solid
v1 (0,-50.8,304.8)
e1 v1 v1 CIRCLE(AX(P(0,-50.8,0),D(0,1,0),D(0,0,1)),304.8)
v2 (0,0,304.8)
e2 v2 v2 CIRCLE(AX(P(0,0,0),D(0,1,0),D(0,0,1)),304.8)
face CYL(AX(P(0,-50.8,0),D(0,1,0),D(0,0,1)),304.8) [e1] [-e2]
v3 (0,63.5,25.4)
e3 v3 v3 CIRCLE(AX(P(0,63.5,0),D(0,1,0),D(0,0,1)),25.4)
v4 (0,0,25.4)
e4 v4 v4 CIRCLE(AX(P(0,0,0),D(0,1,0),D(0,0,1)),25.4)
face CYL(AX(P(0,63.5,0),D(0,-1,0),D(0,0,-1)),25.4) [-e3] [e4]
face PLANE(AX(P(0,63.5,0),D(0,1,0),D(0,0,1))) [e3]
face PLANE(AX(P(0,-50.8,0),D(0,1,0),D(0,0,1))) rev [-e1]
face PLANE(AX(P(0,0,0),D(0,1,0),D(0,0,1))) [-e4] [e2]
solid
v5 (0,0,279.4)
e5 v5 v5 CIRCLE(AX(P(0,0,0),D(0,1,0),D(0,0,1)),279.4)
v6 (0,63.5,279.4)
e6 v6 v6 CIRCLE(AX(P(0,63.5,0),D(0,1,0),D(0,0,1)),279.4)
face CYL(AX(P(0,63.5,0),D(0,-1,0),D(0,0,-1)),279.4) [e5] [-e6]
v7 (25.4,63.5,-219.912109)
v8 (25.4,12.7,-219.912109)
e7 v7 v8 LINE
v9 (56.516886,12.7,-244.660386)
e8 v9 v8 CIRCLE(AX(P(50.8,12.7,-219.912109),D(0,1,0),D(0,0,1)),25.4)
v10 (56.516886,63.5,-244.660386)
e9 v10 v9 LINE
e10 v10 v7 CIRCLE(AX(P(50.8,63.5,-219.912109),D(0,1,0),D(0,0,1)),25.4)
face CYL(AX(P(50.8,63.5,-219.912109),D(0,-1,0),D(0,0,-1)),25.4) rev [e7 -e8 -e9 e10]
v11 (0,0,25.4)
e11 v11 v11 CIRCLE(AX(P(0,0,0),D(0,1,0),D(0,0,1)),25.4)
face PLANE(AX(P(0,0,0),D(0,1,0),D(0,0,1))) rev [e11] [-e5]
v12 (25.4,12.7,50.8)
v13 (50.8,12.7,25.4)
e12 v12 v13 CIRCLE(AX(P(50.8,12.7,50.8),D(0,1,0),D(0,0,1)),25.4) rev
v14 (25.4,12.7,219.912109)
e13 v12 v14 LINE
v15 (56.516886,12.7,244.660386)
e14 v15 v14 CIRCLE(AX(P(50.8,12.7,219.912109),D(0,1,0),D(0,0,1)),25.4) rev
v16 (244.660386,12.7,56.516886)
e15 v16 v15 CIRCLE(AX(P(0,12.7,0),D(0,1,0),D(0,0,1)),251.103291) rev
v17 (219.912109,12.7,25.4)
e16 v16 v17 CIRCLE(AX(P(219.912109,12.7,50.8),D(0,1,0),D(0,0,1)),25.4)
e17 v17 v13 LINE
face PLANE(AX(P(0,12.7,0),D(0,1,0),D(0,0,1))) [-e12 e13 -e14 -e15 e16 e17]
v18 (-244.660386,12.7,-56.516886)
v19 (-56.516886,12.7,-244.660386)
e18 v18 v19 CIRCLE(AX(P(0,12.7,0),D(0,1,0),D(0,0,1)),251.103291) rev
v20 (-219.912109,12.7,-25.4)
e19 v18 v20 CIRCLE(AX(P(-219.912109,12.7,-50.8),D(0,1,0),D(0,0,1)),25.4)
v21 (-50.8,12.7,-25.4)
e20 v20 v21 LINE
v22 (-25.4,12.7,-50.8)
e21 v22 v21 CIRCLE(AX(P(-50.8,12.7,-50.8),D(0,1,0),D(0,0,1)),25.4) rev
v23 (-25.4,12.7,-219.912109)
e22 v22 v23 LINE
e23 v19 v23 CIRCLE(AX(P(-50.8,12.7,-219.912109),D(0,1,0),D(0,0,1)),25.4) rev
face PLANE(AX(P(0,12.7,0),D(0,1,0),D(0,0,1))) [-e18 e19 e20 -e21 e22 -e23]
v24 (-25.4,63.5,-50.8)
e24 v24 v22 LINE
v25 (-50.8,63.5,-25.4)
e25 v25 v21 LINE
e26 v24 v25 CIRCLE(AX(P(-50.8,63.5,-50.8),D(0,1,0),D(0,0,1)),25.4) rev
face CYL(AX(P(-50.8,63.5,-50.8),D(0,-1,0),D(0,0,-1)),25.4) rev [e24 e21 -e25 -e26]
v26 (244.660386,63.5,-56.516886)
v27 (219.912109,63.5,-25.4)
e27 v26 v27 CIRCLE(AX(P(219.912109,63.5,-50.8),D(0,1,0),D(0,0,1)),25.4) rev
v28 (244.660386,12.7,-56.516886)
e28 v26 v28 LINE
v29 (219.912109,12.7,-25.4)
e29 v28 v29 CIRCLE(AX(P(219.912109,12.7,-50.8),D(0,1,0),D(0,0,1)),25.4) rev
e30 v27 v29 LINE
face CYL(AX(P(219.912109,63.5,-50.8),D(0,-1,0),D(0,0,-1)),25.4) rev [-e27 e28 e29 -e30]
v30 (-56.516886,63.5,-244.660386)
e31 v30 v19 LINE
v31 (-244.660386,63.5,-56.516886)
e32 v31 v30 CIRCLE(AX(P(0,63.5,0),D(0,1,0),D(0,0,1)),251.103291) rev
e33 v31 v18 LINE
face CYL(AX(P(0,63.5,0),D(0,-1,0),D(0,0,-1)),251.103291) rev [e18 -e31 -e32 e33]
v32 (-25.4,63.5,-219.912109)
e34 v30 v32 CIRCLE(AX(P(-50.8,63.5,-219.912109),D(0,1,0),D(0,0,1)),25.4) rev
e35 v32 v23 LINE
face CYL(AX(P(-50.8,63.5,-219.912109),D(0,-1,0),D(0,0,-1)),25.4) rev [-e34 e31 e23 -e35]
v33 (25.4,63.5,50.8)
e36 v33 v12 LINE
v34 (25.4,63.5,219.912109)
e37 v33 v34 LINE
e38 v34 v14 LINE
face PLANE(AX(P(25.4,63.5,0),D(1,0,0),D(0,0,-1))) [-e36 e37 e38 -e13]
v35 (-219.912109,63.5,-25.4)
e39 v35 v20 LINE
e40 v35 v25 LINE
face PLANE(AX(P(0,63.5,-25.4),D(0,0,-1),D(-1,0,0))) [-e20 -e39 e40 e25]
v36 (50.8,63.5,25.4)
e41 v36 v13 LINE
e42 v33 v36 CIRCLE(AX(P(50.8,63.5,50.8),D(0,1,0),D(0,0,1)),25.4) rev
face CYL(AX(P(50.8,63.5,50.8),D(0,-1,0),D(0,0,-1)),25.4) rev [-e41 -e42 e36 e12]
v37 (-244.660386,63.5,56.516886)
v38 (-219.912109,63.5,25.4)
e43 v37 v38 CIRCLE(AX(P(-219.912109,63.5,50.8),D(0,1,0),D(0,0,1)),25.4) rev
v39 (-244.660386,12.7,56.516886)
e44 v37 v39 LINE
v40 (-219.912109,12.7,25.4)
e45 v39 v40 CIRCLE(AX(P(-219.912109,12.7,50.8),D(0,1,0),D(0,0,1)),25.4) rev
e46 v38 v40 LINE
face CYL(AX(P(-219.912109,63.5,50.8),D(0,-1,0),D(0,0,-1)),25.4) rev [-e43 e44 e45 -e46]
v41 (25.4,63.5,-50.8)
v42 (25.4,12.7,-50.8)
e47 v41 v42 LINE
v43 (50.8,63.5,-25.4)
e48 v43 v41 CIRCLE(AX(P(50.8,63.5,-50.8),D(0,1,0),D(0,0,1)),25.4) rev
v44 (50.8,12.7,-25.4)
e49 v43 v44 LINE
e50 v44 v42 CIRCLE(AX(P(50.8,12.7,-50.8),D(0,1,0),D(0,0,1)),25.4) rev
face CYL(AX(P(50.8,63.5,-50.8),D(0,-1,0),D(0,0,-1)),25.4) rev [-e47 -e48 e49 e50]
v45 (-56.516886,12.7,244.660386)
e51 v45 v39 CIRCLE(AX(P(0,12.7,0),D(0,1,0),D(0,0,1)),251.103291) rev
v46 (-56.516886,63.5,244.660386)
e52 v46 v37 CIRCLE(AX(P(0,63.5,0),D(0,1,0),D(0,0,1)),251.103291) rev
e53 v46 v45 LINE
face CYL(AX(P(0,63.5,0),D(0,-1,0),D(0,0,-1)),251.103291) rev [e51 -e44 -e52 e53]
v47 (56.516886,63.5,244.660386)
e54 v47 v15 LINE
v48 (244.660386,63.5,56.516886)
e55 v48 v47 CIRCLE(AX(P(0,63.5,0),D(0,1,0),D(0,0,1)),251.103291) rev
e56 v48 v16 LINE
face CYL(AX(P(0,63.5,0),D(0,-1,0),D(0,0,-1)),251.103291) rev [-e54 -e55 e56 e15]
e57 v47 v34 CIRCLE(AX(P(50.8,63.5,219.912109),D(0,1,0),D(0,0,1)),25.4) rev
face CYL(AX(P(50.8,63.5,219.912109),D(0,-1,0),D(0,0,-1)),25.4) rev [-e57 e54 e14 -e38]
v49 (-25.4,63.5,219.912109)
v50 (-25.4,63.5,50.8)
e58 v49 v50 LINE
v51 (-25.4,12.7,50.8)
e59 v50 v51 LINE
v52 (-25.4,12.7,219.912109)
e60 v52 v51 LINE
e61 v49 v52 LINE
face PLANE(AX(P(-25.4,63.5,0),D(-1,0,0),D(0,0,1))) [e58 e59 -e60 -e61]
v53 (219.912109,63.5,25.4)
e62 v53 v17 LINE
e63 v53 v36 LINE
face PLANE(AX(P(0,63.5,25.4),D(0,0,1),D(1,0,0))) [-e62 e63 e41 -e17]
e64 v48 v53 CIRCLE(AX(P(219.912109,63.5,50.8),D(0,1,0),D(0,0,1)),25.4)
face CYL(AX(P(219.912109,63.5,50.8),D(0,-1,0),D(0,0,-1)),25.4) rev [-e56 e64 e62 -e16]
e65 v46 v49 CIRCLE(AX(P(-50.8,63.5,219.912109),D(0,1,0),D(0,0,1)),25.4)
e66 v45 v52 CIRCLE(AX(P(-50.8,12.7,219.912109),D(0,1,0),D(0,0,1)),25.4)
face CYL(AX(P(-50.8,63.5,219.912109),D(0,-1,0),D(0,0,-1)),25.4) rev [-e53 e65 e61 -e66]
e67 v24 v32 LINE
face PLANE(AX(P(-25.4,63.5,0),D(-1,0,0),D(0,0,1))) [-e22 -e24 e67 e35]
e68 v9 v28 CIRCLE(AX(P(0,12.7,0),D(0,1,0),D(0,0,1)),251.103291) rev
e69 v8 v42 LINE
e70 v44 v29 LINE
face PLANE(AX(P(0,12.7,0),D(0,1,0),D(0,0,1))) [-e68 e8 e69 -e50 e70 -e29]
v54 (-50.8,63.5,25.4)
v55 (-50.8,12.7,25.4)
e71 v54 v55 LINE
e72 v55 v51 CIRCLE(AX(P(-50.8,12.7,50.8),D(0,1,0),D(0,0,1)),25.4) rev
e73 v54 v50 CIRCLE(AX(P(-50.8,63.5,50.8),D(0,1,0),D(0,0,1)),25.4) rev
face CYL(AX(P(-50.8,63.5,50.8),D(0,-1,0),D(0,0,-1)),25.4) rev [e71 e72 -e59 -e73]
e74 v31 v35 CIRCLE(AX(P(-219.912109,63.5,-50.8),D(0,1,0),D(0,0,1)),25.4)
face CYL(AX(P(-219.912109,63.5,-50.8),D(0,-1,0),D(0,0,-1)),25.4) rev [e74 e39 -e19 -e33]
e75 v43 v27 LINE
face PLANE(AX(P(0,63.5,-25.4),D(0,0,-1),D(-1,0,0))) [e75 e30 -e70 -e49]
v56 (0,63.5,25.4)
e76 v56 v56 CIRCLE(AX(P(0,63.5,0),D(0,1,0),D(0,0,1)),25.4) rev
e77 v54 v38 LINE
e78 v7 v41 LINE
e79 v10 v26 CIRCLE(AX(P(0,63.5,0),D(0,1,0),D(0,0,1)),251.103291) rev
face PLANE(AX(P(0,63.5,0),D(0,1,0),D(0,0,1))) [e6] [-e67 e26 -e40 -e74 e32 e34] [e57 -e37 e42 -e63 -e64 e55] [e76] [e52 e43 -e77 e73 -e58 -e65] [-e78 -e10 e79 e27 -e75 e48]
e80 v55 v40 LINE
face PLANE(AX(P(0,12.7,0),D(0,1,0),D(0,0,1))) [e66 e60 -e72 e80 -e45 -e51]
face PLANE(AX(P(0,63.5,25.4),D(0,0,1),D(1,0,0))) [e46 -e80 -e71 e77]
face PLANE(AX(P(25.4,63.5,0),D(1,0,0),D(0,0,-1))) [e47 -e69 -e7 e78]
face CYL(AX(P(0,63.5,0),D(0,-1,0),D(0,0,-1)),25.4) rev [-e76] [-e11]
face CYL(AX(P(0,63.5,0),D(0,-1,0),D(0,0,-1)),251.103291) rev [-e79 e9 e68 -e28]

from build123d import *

# Parameters (mm, degrees)
SKETCH1_R           = 304.8
BOSS_EXTRUDE1_DEPTH = 50.8
SKETCH1_6_R         = 25.4
BOSS_EXTRUDE6_DEPTH = 63.5
SKETCH1_5_R         = 25.4
BOSS_EXTRUDE4_DEPTH = 50.8
SKETCH5_R           = 279.4
SKETCH5_R_2         = 25.4
BOSS_EXTRUDE5_DEPTH = 12.7
SKETCH6_R           = 279.4
SKETCH6_R_2         = 25.4
BOSS_EXTRUDE7_DEPTH = 50.8


with BuildPart() as part:
    # Sketch1 → Boss-Extrude1 (new body)
    with BuildSketch(Plane(origin=(0, 0, 0), x_dir=(1, 0, 0), z_dir=(0, 1, 0))):
        Circle(SKETCH1_R)
    extrude(amount=-BOSS_EXTRUDE1_DEPTH)

    # Sketch1<6> → Boss-Extrude6 (add)
    with BuildSketch(Plane(origin=(0, 0, 0), x_dir=(1, 0, 0), z_dir=(0, 1, 0))):
        Circle(SKETCH1_6_R)
    extrude(amount=BOSS_EXTRUDE6_DEPTH)

    # Sketch1<5> → Boss-Extrude4 (add)
    with BuildSketch(Plane(origin=(0, 0, 0), x_dir=(1, 0, 0), z_dir=(0, 1, 0))):
        Circle(SKETCH1_5_R)
    extrude(amount=BOSS_EXTRUDE4_DEPTH)


with BuildPart() as body_2:
    # Sketch5 → Boss-Extrude5 (new body)
    with BuildSketch(Plane(origin=(0, 0, 0), x_dir=(1, 0, 0), z_dir=(0, 1, 0))):
        Circle(SKETCH5_R)
        Circle(SKETCH5_R_2, mode=Mode.SUBTRACT)
    extrude(amount=BOSS_EXTRUDE5_DEPTH)


with BuildPart() as body_3:
    # Sketch6 → Boss-Extrude7 (new body)
    with BuildSketch(Plane(origin=(0, 12.7, 0), x_dir=(1, 0, 0), z_dir=(0, 1, 0))):
        Circle(SKETCH6_R)
        with BuildLine():
            Line((-25.4, -50.8), (-25.4, -219.912108973))
            ThreePointArc((-25.4, -219.912108973), (-34.98938499, -239.791355765), (-56.516886063, -244.660385959))
            ThreePointArc((-56.516886063, -244.660385959), (-177.556840009, -177.556840009), (-244.660385959, -56.516886063))
            ThreePointArc((-244.660385959, -56.516886063), (-239.791355765, -34.98938499), (-219.912108973, -25.4))
            Line((-219.912108973, -25.4), (-50.8, -25.4))
            ThreePointArc((-50.8, -25.4), (-32.839487758, -32.839487758), (-25.4, -50.8))
        make_face(mode=Mode.SUBTRACT)
        with BuildLine():
            Line((50.8, -25.4), (219.912108973, -25.4))
            ThreePointArc((219.912108973, -25.4), (239.791355765, -34.98938499), (244.660385959, -56.516886063))
            ThreePointArc((244.660385959, -56.516886063), (177.556840009, -177.556840009), (56.516886063, -244.660385959))
            ThreePointArc((56.516886063, -244.660385959), (34.98938499, -239.791355765), (25.4, -219.912108973))
            Line((25.4, -219.912108973), (25.4, -50.8))
            ThreePointArc((25.4, -50.8), (32.839487758, -32.839487758), (50.8, -25.4))
        make_face(mode=Mode.SUBTRACT)
        with BuildLine():
            Line((-50.8, 25.4), (-219.912108973, 25.4))
            ThreePointArc((-219.912108973, 25.4), (-239.791355765, 34.98938499), (-244.660385959, 56.516886063))
            ThreePointArc((-244.660385959, 56.516886063), (-177.556840009, 177.556840009), (-56.516886063, 244.660385959))
            ThreePointArc((-56.516886063, 244.660385959), (-34.98938499, 239.791355765), (-25.4, 219.912108973))
            Line((-25.4, 219.912108973), (-25.4, 50.8))
            ThreePointArc((-25.4, 50.8), (-32.839487758, 32.839487758), (-50.8, 25.4))
        make_face(mode=Mode.SUBTRACT)
        Circle(SKETCH6_R_2, mode=Mode.SUBTRACT)
        with BuildLine():
            Line((25.4, 50.8), (25.4, 219.912108973))
            ThreePointArc((25.4, 219.912108973), (34.98938499, 239.791355765), (56.516886063, 244.660385959))
            ThreePointArc((56.516886063, 244.660385959), (177.556840009, 177.556840009), (244.660385959, 56.516886063))
            ThreePointArc((244.660385959, 56.516886063), (239.791355765, 34.98938499), (219.912108973, 25.4))
            Line((219.912108973, 25.4), (50.8, 25.4))
            ThreePointArc((50.8, 25.4), (32.839487758, 32.839487758), (25.4, 50.8))
        make_face(mode=Mode.SUBTRACT)
    extrude(amount=BOSS_EXTRUDE7_DEPTH)

    # Combine1: union body 2
    add(body_2.part)


solid = Compound([part.part, body_3.part])
